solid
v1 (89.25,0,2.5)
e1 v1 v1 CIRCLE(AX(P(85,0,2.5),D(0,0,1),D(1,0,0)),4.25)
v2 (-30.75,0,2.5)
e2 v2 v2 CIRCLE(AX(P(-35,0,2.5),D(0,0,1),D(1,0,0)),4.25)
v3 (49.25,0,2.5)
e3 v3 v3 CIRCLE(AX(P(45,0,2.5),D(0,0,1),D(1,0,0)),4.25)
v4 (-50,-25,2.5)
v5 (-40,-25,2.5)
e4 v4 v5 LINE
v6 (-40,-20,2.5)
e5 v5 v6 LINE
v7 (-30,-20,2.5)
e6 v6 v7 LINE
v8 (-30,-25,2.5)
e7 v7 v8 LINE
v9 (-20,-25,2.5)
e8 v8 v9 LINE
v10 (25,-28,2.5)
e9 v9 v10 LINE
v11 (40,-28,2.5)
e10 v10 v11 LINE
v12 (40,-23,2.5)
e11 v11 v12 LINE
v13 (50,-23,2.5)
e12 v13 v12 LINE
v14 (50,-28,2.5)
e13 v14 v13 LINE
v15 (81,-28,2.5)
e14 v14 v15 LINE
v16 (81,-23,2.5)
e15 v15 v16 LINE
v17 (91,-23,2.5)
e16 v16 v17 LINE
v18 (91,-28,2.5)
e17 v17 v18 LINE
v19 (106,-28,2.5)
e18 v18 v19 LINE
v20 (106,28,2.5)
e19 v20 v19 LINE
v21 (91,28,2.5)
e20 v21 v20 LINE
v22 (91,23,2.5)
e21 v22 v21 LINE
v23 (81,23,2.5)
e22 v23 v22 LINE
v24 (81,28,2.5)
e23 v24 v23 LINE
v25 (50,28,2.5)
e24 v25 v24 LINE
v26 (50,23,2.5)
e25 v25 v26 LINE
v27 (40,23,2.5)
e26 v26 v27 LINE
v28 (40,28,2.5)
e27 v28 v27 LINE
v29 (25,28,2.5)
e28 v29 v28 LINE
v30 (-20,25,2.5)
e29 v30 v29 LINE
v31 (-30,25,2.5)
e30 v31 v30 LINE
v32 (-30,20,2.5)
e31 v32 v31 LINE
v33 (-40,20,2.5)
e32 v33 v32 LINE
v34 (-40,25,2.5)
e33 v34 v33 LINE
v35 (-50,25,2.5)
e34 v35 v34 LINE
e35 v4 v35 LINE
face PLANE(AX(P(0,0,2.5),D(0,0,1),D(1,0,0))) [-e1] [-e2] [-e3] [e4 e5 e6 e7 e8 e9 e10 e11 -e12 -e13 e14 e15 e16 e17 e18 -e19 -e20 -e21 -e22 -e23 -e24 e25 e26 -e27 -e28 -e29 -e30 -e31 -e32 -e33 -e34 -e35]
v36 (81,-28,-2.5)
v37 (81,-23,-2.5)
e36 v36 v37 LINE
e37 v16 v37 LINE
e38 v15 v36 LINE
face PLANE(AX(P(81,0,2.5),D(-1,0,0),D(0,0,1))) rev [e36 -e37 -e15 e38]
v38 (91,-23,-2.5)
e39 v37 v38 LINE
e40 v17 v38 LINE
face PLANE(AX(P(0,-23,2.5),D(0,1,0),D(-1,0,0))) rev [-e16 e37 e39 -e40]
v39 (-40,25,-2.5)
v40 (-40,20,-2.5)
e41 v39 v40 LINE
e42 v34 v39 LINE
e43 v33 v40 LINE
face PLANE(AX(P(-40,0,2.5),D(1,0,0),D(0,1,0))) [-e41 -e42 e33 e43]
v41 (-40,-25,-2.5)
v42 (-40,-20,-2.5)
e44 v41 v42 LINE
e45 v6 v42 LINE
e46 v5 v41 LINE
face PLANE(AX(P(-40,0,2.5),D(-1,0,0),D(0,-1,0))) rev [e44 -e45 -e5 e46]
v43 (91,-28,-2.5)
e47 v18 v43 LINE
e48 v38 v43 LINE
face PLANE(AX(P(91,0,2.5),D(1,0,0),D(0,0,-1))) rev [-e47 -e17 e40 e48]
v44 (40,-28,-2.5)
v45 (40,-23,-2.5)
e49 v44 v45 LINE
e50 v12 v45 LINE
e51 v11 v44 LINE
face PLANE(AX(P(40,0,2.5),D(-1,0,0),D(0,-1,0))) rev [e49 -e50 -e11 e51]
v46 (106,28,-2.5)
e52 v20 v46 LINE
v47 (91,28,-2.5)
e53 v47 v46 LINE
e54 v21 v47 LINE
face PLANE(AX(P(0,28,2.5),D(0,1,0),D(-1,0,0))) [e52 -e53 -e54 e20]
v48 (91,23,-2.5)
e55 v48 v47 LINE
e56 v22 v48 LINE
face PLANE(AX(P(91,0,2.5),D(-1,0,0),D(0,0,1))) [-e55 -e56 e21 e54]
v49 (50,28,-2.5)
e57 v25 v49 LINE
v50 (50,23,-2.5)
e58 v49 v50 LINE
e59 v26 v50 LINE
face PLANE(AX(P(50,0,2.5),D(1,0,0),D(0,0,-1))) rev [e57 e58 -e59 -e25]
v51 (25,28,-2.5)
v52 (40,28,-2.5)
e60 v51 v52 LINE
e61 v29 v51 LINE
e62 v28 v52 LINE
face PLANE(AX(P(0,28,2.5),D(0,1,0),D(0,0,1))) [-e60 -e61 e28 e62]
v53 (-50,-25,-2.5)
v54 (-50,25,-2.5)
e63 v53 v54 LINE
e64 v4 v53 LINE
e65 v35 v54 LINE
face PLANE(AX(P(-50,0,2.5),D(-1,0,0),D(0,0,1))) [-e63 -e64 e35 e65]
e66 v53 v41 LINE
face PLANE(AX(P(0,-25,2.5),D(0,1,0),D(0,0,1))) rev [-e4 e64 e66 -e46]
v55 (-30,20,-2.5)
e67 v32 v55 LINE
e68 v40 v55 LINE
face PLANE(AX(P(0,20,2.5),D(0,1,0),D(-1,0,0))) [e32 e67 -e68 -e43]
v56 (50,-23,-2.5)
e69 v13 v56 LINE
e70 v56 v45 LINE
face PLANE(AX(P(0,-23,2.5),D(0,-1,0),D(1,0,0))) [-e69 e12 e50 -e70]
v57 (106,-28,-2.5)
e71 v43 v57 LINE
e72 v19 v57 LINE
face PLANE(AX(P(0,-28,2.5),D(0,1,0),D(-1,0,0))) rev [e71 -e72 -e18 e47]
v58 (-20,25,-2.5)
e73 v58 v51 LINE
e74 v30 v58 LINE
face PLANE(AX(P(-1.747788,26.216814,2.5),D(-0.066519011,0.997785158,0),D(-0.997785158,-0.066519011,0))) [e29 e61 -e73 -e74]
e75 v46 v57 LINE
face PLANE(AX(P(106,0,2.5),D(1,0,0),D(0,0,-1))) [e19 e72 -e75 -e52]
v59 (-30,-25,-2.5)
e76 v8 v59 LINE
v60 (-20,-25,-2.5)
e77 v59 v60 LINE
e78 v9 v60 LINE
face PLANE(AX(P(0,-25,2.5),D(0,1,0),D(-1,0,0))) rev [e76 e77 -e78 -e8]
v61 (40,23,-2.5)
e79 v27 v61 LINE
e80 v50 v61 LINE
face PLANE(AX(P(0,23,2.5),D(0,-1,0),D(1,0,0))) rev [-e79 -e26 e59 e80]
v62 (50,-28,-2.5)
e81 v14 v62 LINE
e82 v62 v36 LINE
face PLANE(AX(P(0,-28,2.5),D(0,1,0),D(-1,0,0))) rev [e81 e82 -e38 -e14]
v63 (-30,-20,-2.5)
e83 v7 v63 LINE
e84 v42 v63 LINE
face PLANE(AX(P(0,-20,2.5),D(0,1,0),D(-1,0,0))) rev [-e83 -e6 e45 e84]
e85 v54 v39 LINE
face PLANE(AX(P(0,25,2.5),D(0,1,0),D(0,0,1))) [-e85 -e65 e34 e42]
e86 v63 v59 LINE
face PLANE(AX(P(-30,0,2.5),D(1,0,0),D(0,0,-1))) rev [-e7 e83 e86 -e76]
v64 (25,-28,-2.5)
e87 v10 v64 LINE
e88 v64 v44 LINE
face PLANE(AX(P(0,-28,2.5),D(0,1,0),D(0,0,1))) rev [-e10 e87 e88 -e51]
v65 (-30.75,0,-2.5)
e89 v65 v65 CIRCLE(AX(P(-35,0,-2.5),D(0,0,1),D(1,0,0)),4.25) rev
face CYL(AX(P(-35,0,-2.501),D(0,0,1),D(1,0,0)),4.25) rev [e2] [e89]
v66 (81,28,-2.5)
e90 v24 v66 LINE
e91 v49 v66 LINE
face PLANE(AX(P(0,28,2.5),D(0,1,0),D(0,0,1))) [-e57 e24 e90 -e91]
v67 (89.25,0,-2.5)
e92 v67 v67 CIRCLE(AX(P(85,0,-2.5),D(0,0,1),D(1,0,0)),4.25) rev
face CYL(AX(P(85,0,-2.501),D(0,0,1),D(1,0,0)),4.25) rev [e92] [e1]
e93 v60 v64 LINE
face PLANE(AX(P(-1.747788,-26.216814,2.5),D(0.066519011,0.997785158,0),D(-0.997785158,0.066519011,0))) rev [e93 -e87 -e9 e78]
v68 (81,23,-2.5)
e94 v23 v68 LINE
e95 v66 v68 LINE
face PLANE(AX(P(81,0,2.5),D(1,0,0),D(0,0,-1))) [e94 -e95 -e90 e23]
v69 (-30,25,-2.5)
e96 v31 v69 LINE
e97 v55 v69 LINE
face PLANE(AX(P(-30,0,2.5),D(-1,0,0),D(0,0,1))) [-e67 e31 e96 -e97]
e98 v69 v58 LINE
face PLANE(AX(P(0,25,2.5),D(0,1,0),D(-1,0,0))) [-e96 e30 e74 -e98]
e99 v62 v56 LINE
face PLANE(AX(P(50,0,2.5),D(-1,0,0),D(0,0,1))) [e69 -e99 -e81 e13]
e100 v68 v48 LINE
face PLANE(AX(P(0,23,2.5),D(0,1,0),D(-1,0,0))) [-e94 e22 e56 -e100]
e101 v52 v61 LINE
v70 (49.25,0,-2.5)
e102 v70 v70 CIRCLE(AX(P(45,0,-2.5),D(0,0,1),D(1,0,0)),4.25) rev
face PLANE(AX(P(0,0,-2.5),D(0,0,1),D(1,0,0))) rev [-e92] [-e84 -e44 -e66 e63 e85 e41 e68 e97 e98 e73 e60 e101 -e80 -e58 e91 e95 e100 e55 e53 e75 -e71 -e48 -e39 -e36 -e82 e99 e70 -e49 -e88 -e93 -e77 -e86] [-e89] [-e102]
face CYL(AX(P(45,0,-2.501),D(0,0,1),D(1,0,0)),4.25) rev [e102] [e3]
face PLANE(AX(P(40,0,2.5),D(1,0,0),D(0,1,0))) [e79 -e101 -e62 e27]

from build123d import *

# Parameters (mm, degrees)
BOSS_EXTRUDE1_DEPTH = 2.5
CUT_EXTRUDE1_REACH  = 111.75
SKETCH2_R           = 4.25


with BuildPart() as part:
    # Sketch1 → Boss-Extrude1 (new, symmetric)
    with BuildSketch(Plane(origin=(0, 0, 0), x_dir=(0, 1, 0), z_dir=(0, 0, 1))):
        Polygon((25, 50), (-25, 50), (-25, 40), (-20, 40), (-20, 30), (-25, 30), (-25, 20), (-28, -25), (-28, -40), (-23, -40), (-23, -50), (-28, -50), (-28, -81), (-23, -81), (-23, -91), (-28, -91), (-28, -106), (28, -106), (28, -91), (23, -91), (23, -81), (28, -81), (28, -50), (23, -50), (23, -40), (28, -40), (28, -25), (25, 20), (25, 30), (20, 30), (20, 40), (25, 40), align=None)
    extrude(amount=BOSS_EXTRUDE1_DEPTH, both=True)

    # Sketch2 → Cut-Extrude1 (cut, up to next)
    with BuildSketch(Plane.XY.offset(2.5), mode=Mode.PRIVATE) as cut_extrude1_sk1:
        with Locations((-35, 0)):
            Circle(SKETCH2_R)
    cut_extrude1_tool1 = extrude(cut_extrude1_sk1.sketch, amount=-CUT_EXTRUDE1_REACH, mode=Mode.PRIVATE) & part.part
    # Sketch2 → Cut-Extrude1 (cut, up to next)
    with BuildSketch(Plane.XY.offset(2.5), mode=Mode.PRIVATE) as cut_extrude1_sk2:
        with Locations((45, 0)):
            Circle(SKETCH2_R)
    cut_extrude1_tool2 = extrude(cut_extrude1_sk2.sketch, amount=-CUT_EXTRUDE1_REACH, mode=Mode.PRIVATE) & part.part
    # Sketch2 → Cut-Extrude1 (cut, up to next)
    with BuildSketch(Plane.XY.offset(2.5), mode=Mode.PRIVATE) as cut_extrude1_sk3:
        with Locations((85, 0)):
            Circle(SKETCH2_R)
    cut_extrude1_tool3 = extrude(cut_extrude1_sk3.sketch, amount=-CUT_EXTRUDE1_REACH, mode=Mode.PRIVATE) & part.part
    add(cut_extrude1_tool1.solids().sort_by_distance((-35, 0, 2.5))[0], mode=Mode.SUBTRACT)
    add(cut_extrude1_tool2.solids().sort_by_distance((45, 0, 2.5))[0], mode=Mode.SUBTRACT)
    add(cut_extrude1_tool3.solids().sort_by_distance((85, 0, 2.5))[0], mode=Mode.SUBTRACT)


solid = part.part
